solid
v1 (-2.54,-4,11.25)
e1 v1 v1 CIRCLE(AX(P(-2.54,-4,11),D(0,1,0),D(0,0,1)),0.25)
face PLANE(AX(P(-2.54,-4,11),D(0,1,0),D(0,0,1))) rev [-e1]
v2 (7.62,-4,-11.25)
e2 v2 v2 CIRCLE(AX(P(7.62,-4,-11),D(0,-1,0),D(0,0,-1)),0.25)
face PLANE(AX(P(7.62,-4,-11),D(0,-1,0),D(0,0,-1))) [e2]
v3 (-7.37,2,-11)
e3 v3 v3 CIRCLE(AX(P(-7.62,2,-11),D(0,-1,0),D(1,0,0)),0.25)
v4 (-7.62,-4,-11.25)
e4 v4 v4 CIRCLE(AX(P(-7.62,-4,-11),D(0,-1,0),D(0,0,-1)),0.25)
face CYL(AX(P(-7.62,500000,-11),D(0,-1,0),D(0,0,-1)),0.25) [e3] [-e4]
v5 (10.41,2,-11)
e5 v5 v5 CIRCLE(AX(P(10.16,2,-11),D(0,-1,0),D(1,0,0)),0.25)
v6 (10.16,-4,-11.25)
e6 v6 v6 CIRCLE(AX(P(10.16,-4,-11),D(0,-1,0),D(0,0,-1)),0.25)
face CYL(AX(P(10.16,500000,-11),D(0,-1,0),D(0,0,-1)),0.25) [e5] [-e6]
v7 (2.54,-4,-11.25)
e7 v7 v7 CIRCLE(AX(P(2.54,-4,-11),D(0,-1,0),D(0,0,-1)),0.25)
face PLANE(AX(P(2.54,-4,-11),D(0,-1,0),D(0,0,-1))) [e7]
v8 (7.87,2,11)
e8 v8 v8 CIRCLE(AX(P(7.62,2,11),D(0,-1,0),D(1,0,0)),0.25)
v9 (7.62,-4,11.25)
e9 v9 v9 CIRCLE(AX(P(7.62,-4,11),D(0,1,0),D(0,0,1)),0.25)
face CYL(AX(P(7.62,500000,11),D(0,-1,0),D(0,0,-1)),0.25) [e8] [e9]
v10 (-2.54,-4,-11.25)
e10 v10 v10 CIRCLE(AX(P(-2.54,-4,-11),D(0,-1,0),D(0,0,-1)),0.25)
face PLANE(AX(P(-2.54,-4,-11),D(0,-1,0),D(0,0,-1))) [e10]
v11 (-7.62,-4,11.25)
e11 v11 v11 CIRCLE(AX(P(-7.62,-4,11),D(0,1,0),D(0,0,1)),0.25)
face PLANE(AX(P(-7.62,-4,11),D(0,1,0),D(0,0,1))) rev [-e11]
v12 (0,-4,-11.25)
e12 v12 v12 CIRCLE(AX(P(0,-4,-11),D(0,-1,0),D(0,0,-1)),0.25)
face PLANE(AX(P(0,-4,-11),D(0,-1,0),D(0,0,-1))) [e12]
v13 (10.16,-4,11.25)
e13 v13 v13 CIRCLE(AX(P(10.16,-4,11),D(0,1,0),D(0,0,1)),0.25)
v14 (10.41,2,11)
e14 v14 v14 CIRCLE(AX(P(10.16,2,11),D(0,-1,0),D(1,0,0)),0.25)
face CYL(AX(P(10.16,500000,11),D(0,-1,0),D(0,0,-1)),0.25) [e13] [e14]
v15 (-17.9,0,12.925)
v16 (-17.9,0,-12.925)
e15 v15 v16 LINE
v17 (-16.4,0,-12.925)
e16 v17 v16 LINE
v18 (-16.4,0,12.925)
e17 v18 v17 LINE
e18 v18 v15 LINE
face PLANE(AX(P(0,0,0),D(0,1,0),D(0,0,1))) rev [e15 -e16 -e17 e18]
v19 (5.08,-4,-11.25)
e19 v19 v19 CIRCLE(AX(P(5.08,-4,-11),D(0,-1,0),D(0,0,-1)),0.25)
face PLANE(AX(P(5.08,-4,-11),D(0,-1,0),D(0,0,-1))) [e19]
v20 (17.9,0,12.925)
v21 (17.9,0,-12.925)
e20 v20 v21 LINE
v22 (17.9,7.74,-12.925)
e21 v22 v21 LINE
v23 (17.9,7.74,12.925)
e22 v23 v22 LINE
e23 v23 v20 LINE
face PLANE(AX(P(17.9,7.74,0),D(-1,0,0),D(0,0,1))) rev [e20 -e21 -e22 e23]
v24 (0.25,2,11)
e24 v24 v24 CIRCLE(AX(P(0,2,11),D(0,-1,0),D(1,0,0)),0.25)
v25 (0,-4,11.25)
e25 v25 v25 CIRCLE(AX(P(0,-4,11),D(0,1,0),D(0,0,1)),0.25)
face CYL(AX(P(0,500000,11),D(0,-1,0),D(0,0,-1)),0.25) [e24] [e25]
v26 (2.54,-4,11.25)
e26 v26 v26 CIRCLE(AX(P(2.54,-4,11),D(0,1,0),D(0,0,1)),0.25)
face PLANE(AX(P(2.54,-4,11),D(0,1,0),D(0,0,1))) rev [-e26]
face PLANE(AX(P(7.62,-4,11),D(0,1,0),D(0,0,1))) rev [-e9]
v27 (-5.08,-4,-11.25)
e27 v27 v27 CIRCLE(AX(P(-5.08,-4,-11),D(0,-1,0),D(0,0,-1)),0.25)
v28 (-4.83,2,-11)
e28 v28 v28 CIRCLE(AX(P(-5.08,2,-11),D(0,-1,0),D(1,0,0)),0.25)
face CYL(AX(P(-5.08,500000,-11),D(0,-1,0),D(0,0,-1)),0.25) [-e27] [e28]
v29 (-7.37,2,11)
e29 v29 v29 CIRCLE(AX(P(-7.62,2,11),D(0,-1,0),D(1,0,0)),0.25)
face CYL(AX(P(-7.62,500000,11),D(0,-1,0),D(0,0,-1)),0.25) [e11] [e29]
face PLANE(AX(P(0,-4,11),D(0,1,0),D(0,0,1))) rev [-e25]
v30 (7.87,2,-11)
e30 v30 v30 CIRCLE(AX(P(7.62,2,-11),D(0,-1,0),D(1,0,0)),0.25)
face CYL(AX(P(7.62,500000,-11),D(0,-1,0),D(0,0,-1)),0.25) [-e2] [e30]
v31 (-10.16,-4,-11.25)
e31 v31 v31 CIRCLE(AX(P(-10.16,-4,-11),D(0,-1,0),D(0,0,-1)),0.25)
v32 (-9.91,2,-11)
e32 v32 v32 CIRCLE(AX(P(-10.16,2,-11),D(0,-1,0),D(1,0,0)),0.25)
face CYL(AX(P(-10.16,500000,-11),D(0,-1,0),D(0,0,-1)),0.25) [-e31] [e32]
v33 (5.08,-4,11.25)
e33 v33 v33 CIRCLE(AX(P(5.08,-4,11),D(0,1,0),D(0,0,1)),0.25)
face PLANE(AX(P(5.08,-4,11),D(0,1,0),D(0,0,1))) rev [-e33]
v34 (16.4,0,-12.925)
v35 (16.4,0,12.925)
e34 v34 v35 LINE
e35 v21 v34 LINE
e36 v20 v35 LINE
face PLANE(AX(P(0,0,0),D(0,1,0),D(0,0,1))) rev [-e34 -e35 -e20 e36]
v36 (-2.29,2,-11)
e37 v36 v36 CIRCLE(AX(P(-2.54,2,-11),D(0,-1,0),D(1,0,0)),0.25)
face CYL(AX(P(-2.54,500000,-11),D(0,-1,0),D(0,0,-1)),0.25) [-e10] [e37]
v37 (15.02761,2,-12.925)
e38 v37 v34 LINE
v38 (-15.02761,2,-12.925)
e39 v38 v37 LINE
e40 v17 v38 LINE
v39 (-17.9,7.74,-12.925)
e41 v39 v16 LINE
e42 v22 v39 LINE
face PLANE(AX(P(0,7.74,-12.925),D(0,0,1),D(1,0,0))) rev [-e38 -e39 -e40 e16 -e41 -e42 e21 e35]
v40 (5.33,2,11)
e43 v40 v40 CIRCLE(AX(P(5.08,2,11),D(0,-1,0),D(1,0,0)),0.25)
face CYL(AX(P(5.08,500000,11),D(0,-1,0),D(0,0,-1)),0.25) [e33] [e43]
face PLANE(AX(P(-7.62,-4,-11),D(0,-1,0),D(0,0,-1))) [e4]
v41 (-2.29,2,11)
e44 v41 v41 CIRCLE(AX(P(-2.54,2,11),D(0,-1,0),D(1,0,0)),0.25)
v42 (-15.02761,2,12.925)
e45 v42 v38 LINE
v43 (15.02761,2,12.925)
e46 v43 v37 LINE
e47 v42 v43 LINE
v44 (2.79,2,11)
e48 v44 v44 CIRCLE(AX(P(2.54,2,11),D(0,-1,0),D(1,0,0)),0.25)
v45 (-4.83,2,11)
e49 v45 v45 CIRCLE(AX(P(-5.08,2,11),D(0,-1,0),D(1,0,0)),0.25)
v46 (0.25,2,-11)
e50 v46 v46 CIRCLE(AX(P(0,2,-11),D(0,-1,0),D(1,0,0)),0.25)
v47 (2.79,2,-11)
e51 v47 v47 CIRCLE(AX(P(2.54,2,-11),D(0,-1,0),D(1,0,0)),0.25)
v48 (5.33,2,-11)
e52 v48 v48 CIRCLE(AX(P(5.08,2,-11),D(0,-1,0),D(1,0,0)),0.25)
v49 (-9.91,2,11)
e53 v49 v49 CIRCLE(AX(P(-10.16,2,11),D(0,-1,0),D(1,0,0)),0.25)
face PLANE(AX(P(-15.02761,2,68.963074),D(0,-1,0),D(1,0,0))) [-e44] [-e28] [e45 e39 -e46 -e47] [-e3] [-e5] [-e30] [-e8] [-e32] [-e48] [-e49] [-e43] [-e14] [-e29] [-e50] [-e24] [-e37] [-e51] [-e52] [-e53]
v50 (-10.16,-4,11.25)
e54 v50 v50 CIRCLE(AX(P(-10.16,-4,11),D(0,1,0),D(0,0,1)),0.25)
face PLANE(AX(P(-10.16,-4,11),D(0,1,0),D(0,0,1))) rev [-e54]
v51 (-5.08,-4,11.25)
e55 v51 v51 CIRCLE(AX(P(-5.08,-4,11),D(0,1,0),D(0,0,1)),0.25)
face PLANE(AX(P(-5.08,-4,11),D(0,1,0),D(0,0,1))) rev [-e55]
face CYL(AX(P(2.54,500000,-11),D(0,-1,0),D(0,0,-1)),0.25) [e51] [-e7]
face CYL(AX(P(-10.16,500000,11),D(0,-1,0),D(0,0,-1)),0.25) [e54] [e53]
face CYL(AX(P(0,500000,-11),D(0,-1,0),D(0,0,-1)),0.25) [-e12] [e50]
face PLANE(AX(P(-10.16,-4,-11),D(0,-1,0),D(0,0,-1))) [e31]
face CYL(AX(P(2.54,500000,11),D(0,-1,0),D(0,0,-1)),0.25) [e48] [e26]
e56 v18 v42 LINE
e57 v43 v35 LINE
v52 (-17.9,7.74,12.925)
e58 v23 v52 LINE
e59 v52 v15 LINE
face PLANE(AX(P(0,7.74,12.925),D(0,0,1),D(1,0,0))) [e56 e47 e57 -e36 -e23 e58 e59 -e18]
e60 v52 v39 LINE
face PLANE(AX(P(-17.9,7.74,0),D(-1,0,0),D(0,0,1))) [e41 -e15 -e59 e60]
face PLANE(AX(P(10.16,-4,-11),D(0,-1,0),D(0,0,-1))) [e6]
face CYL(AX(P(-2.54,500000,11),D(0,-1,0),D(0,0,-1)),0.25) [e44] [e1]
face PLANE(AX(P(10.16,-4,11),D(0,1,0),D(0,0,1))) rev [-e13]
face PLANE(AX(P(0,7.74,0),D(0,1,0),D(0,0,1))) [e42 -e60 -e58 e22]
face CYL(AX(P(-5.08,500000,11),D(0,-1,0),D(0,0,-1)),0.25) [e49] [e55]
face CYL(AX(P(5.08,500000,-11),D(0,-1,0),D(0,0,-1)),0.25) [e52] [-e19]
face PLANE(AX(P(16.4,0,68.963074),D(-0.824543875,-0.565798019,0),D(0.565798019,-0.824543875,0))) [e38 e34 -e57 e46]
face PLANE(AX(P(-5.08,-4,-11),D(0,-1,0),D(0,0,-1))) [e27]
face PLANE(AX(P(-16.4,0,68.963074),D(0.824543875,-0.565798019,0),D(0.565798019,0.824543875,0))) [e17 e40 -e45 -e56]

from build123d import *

# Parameters (mm, degrees)
SKETCH_1_W                  = 35.8
SKETCH_1_H                  = 25.85
EXTRUDE_1_DEPTH             = 7.74
CUT_EXTRUDE_1_DEPTH         = 33.38116891
CUT_EXTRUDE_1_DEPTH_BACK    = 33.38116891
SKETCH_1_4_R                = 0.25
EXTRUDE_2_DEPTH             = 4
EXTRUDE_2_DIRECTION_2_REACH = 25.396


with BuildPart() as part:
    # Эскиз1 → Бобышка-Вытянуть1 (new body)
    with BuildSketch(Plane(origin=(0, 0, 0), x_dir=(1, 0, 0), z_dir=(0, 1, 0))):
        Rectangle(SKETCH_1_W, SKETCH_1_H)
    extrude(amount=EXTRUDE_1_DEPTH)

    # Эскиз2 → Вырез-Вытянуть1 (cut, two sides: drawn at the far end of the back side and taken through both)
    with BuildSketch(Plane.XY.offset(12.925).offset(-CUT_EXTRUDE_1_DEPTH_BACK)):
        Polygon((-61.847664635, -66.231397496), (-16.4, 0), (-15.027609673, 2), (15.027609673, 2), (16.4, 0), (61.847664635, -66.231397496), (61.847664635, -226.881181001), (-61.847664635, -226.881181001), align=None)
    extrude(amount=CUT_EXTRUDE_1_DEPTH + CUT_EXTRUDE_1_DEPTH_BACK, mode=Mode.SUBTRACT)

    # Эскиз1<4> → Бобышка-Вытянуть2 (add)
    with BuildSketch(Plane(origin=(0, 0, 0), x_dir=(1, 0, 0), z_dir=(0, 1, 0))):
        with Locations((-10.16, -11)):
            Circle(SKETCH_1_4_R)
        with Locations((-7.62, -11)):
            Circle(SKETCH_1_4_R)
        with Locations((-5.08, -11)):
            Circle(SKETCH_1_4_R)
        with Locations((-2.54, -11)):
            Circle(SKETCH_1_4_R)
        with Locations((0, -11)):
            Circle(SKETCH_1_4_R)
        with Locations((2.54, -11)):
            Circle(SKETCH_1_4_R)
        with Locations((5.08, -11)):
            Circle(SKETCH_1_4_R)
        with Locations((7.62, -11)):
            Circle(SKETCH_1_4_R)
        with Locations((10.16, -11)):
            Circle(SKETCH_1_4_R)
        with Locations((10.16, 11)):
            Circle(SKETCH_1_4_R)
        with Locations((7.62, 11)):
            Circle(SKETCH_1_4_R)
        with Locations((5.08, 11)):
            Circle(SKETCH_1_4_R)
        with Locations((2.54, 11)):
            Circle(SKETCH_1_4_R)
        with Locations((0, 11)):
            Circle(SKETCH_1_4_R)
        with Locations((-2.54, 11)):
            Circle(SKETCH_1_4_R)
        with Locations((-5.08, 11)):
            Circle(SKETCH_1_4_R)
        with Locations((-7.62, 11)):
            Circle(SKETCH_1_4_R)
        with Locations((-10.16, 11)):
            Circle(SKETCH_1_4_R)
    extrude(amount=-EXTRUDE_2_DEPTH)

    # Эскиз1<4> → Бобышка-Вытянуть2 direction 2 (add, up to next)
    with BuildSketch(Plane(origin=(0, 0, 0), x_dir=(1, 0, 0), z_dir=(0, 1, 0)), mode=Mode.PRIVATE) as extrude_2_direction_2_sk1:
        with Locations((-10.16, -11)):
            Circle(SKETCH_1_4_R)
    extrude_2_direction_2_tool1 = extrude(extrude_2_direction_2_sk1.sketch, amount=EXTRUDE_2_DIRECTION_2_REACH, mode=Mode.PRIVATE) - part.part
    # Эскиз1<4> → Бобышка-Вытянуть2 direction 2 (add, up to next)
    with BuildSketch(Plane(origin=(0, 0, 0), x_dir=(1, 0, 0), z_dir=(0, 1, 0)), mode=Mode.PRIVATE) as extrude_2_direction_2_sk2:
        with Locations((-7.62, -11)):
            Circle(SKETCH_1_4_R)
    extrude_2_direction_2_tool2 = extrude(extrude_2_direction_2_sk2.sketch, amount=EXTRUDE_2_DIRECTION_2_REACH, mode=Mode.PRIVATE) - part.part
    # Эскиз1<4> → Бобышка-Вытянуть2 direction 2 (add, up to next)
    with BuildSketch(Plane(origin=(0, 0, 0), x_dir=(1, 0, 0), z_dir=(0, 1, 0)), mode=Mode.PRIVATE) as extrude_2_direction_2_sk3:
        with Locations((-5.08, -11)):
            Circle(SKETCH_1_4_R)
    extrude_2_direction_2_tool3 = extrude(extrude_2_direction_2_sk3.sketch, amount=EXTRUDE_2_DIRECTION_2_REACH, mode=Mode.PRIVATE) - part.part
    # Эскиз1<4> → Бобышка-Вытянуть2 direction 2 (add, up to next)
    with BuildSketch(Plane(origin=(0, 0, 0), x_dir=(1, 0, 0), z_dir=(0, 1, 0)), mode=Mode.PRIVATE) as extrude_2_direction_2_sk4:
        with Locations((-2.54, -11)):
            Circle(SKETCH_1_4_R)
    extrude_2_direction_2_tool4 = extrude(extrude_2_direction_2_sk4.sketch, amount=EXTRUDE_2_DIRECTION_2_REACH, mode=Mode.PRIVATE) - part.part
    # Эскиз1<4> → Бобышка-Вытянуть2 direction 2 (add, up to next)
    with BuildSketch(Plane(origin=(0, 0, 0), x_dir=(1, 0, 0), z_dir=(0, 1, 0)), mode=Mode.PRIVATE) as extrude_2_direction_2_sk5:
        with Locations((0, -11)):
            Circle(SKETCH_1_4_R)
    extrude_2_direction_2_tool5 = extrude(extrude_2_direction_2_sk5.sketch, amount=EXTRUDE_2_DIRECTION_2_REACH, mode=Mode.PRIVATE) - part.part
    # Эскиз1<4> → Бобышка-Вытянуть2 direction 2 (add, up to next)
    with BuildSketch(Plane(origin=(0, 0, 0), x_dir=(1, 0, 0), z_dir=(0, 1, 0)), mode=Mode.PRIVATE) as extrude_2_direction_2_sk6:
        with Locations((2.54, -11)):
            Circle(SKETCH_1_4_R)
    extrude_2_direction_2_tool6 = extrude(extrude_2_direction_2_sk6.sketch, amount=EXTRUDE_2_DIRECTION_2_REACH, mode=Mode.PRIVATE) - part.part
    # Эскиз1<4> → Бобышка-Вытянуть2 direction 2 (add, up to next)
    with BuildSketch(Plane(origin=(0, 0, 0), x_dir=(1, 0, 0), z_dir=(0, 1, 0)), mode=Mode.PRIVATE) as extrude_2_direction_2_sk7:
        with Locations((5.08, -11)):
            Circle(SKETCH_1_4_R)
    extrude_2_direction_2_tool7 = extrude(extrude_2_direction_2_sk7.sketch, amount=EXTRUDE_2_DIRECTION_2_REACH, mode=Mode.PRIVATE) - part.part
    # Эскиз1<4> → Бобышка-Вытянуть2 direction 2 (add, up to next)
    with BuildSketch(Plane(origin=(0, 0, 0), x_dir=(1, 0, 0), z_dir=(0, 1, 0)), mode=Mode.PRIVATE) as extrude_2_direction_2_sk8:
        with Locations((7.62, -11)):
            Circle(SKETCH_1_4_R)
    extrude_2_direction_2_tool8 = extrude(extrude_2_direction_2_sk8.sketch, amount=EXTRUDE_2_DIRECTION_2_REACH, mode=Mode.PRIVATE) - part.part
    # Эскиз1<4> → Бобышка-Вытянуть2 direction 2 (add, up to next)
    with BuildSketch(Plane(origin=(0, 0, 0), x_dir=(1, 0, 0), z_dir=(0, 1, 0)), mode=Mode.PRIVATE) as extrude_2_direction_2_sk9:
        with Locations((10.16, -11)):
            Circle(SKETCH_1_4_R)
    extrude_2_direction_2_tool9 = extrude(extrude_2_direction_2_sk9.sketch, amount=EXTRUDE_2_DIRECTION_2_REACH, mode=Mode.PRIVATE) - part.part
    # Эскиз1<4> → Бобышка-Вытянуть2 direction 2 (add, up to next)
    with BuildSketch(Plane(origin=(0, 0, 0), x_dir=(1, 0, 0), z_dir=(0, 1, 0)), mode=Mode.PRIVATE) as extrude_2_direction_2_sk10:
        with Locations((10.16, 11)):
            Circle(SKETCH_1_4_R)
    extrude_2_direction_2_tool10 = extrude(extrude_2_direction_2_sk10.sketch, amount=EXTRUDE_2_DIRECTION_2_REACH, mode=Mode.PRIVATE) - part.part
    # Эскиз1<4> → Бобышка-Вытянуть2 direction 2 (add, up to next)
    with BuildSketch(Plane(origin=(0, 0, 0), x_dir=(1, 0, 0), z_dir=(0, 1, 0)), mode=Mode.PRIVATE) as extrude_2_direction_2_sk11:
        with Locations((7.62, 11)):
            Circle(SKETCH_1_4_R)
    extrude_2_direction_2_tool11 = extrude(extrude_2_direction_2_sk11.sketch, amount=EXTRUDE_2_DIRECTION_2_REACH, mode=Mode.PRIVATE) - part.part
    # Эскиз1<4> → Бобышка-Вытянуть2 direction 2 (add, up to next)
    with BuildSketch(Plane(origin=(0, 0, 0), x_dir=(1, 0, 0), z_dir=(0, 1, 0)), mode=Mode.PRIVATE) as extrude_2_direction_2_sk12:
        with Locations((5.08, 11)):
            Circle(SKETCH_1_4_R)
    extrude_2_direction_2_tool12 = extrude(extrude_2_direction_2_sk12.sketch, amount=EXTRUDE_2_DIRECTION_2_REACH, mode=Mode.PRIVATE) - part.part
    # Эскиз1<4> → Бобышка-Вытянуть2 direction 2 (add, up to next)
    with BuildSketch(Plane(origin=(0, 0, 0), x_dir=(1, 0, 0), z_dir=(0, 1, 0)), mode=Mode.PRIVATE) as extrude_2_direction_2_sk13:
        with Locations((2.54, 11)):
            Circle(SKETCH_1_4_R)
    extrude_2_direction_2_tool13 = extrude(extrude_2_direction_2_sk13.sketch, amount=EXTRUDE_2_DIRECTION_2_REACH, mode=Mode.PRIVATE) - part.part
    # Эскиз1<4> → Бобышка-Вытянуть2 direction 2 (add, up to next)
    with BuildSketch(Plane(origin=(0, 0, 0), x_dir=(1, 0, 0), z_dir=(0, 1, 0)), mode=Mode.PRIVATE) as extrude_2_direction_2_sk14:
        with Locations((0, 11)):
            Circle(SKETCH_1_4_R)
    extrude_2_direction_2_tool14 = extrude(extrude_2_direction_2_sk14.sketch, amount=EXTRUDE_2_DIRECTION_2_REACH, mode=Mode.PRIVATE) - part.part
    # Эскиз1<4> → Бобышка-Вытянуть2 direction 2 (add, up to next)
    with BuildSketch(Plane(origin=(0, 0, 0), x_dir=(1, 0, 0), z_dir=(0, 1, 0)), mode=Mode.PRIVATE) as extrude_2_direction_2_sk15:
        with Locations((-2.54, 11)):
            Circle(SKETCH_1_4_R)
    extrude_2_direction_2_tool15 = extrude(extrude_2_direction_2_sk15.sketch, amount=EXTRUDE_2_DIRECTION_2_REACH, mode=Mode.PRIVATE) - part.part
    # Эскиз1<4> → Бобышка-Вытянуть2 direction 2 (add, up to next)
    with BuildSketch(Plane(origin=(0, 0, 0), x_dir=(1, 0, 0), z_dir=(0, 1, 0)), mode=Mode.PRIVATE) as extrude_2_direction_2_sk16:
        with Locations((-5.08, 11)):
            Circle(SKETCH_1_4_R)
    extrude_2_direction_2_tool16 = extrude(extrude_2_direction_2_sk16.sketch, amount=EXTRUDE_2_DIRECTION_2_REACH, mode=Mode.PRIVATE) - part.part
    # Эскиз1<4> → Бобышка-Вытянуть2 direction 2 (add, up to next)
    with BuildSketch(Plane(origin=(0, 0, 0), x_dir=(1, 0, 0), z_dir=(0, 1, 0)), mode=Mode.PRIVATE) as extrude_2_direction_2_sk17:
        with Locations((-7.62, 11)):
            Circle(SKETCH_1_4_R)
    extrude_2_direction_2_tool17 = extrude(extrude_2_direction_2_sk17.sketch, amount=EXTRUDE_2_DIRECTION_2_REACH, mode=Mode.PRIVATE) - part.part
    # Эскиз1<4> → Бобышка-Вытянуть2 direction 2 (add, up to next)
    with BuildSketch(Plane(origin=(0, 0, 0), x_dir=(1, 0, 0), z_dir=(0, 1, 0)), mode=Mode.PRIVATE) as extrude_2_direction_2_sk18:
        with Locations((-10.16, 11)):
            Circle(SKETCH_1_4_R)
    extrude_2_direction_2_tool18 = extrude(extrude_2_direction_2_sk18.sketch, amount=EXTRUDE_2_DIRECTION_2_REACH, mode=Mode.PRIVATE) - part.part
    add(extrude_2_direction_2_tool1.solids().sort_by_distance((-10.16, 0, 11))[0])
    add(extrude_2_direction_2_tool2.solids().sort_by_distance((-7.62, 0, 11))[0])
    add(extrude_2_direction_2_tool3.solids().sort_by_distance((-5.08, 0, 11))[0])
    add(extrude_2_direction_2_tool4.solids().sort_by_distance((-2.54, 0, 11))[0])
    add(extrude_2_direction_2_tool5.solids().sort_by_distance((0, 0, 11))[0])
    add(extrude_2_direction_2_tool6.solids().sort_by_distance((2.54, 0, 11))[0])
    add(extrude_2_direction_2_tool7.solids().sort_by_distance((5.08, 0, 11))[0])
    add(extrude_2_direction_2_tool8.solids().sort_by_distance((7.62, 0, 11))[0])
    add(extrude_2_direction_2_tool9.solids().sort_by_distance((10.16, 0, 11))[0])
    add(extrude_2_direction_2_tool10.solids().sort_by_distance((10.16, 0, -11))[0])
    add(extrude_2_direction_2_tool11.solids().sort_by_distance((7.62, 0, -11))[0])
    add(extrude_2_direction_2_tool12.solids().sort_by_distance((5.08, 0, -11))[0])
    add(extrude_2_direction_2_tool13.solids().sort_by_distance((2.54, 0, -11))[0])
    add(extrude_2_direction_2_tool14.solids().sort_by_distance((0, 0, -11))[0])
    add(extrude_2_direction_2_tool15.solids().sort_by_distance((-2.54, 0, -11))[0])
    add(extrude_2_direction_2_tool16.solids().sort_by_distance((-5.08, 0, -11))[0])
    add(extrude_2_direction_2_tool17.solids().sort_by_distance((-7.62, 0, -11))[0])
    add(extrude_2_direction_2_tool18.solids().sort_by_distance((-10.16, 0, -11))[0])


solid = part.part
